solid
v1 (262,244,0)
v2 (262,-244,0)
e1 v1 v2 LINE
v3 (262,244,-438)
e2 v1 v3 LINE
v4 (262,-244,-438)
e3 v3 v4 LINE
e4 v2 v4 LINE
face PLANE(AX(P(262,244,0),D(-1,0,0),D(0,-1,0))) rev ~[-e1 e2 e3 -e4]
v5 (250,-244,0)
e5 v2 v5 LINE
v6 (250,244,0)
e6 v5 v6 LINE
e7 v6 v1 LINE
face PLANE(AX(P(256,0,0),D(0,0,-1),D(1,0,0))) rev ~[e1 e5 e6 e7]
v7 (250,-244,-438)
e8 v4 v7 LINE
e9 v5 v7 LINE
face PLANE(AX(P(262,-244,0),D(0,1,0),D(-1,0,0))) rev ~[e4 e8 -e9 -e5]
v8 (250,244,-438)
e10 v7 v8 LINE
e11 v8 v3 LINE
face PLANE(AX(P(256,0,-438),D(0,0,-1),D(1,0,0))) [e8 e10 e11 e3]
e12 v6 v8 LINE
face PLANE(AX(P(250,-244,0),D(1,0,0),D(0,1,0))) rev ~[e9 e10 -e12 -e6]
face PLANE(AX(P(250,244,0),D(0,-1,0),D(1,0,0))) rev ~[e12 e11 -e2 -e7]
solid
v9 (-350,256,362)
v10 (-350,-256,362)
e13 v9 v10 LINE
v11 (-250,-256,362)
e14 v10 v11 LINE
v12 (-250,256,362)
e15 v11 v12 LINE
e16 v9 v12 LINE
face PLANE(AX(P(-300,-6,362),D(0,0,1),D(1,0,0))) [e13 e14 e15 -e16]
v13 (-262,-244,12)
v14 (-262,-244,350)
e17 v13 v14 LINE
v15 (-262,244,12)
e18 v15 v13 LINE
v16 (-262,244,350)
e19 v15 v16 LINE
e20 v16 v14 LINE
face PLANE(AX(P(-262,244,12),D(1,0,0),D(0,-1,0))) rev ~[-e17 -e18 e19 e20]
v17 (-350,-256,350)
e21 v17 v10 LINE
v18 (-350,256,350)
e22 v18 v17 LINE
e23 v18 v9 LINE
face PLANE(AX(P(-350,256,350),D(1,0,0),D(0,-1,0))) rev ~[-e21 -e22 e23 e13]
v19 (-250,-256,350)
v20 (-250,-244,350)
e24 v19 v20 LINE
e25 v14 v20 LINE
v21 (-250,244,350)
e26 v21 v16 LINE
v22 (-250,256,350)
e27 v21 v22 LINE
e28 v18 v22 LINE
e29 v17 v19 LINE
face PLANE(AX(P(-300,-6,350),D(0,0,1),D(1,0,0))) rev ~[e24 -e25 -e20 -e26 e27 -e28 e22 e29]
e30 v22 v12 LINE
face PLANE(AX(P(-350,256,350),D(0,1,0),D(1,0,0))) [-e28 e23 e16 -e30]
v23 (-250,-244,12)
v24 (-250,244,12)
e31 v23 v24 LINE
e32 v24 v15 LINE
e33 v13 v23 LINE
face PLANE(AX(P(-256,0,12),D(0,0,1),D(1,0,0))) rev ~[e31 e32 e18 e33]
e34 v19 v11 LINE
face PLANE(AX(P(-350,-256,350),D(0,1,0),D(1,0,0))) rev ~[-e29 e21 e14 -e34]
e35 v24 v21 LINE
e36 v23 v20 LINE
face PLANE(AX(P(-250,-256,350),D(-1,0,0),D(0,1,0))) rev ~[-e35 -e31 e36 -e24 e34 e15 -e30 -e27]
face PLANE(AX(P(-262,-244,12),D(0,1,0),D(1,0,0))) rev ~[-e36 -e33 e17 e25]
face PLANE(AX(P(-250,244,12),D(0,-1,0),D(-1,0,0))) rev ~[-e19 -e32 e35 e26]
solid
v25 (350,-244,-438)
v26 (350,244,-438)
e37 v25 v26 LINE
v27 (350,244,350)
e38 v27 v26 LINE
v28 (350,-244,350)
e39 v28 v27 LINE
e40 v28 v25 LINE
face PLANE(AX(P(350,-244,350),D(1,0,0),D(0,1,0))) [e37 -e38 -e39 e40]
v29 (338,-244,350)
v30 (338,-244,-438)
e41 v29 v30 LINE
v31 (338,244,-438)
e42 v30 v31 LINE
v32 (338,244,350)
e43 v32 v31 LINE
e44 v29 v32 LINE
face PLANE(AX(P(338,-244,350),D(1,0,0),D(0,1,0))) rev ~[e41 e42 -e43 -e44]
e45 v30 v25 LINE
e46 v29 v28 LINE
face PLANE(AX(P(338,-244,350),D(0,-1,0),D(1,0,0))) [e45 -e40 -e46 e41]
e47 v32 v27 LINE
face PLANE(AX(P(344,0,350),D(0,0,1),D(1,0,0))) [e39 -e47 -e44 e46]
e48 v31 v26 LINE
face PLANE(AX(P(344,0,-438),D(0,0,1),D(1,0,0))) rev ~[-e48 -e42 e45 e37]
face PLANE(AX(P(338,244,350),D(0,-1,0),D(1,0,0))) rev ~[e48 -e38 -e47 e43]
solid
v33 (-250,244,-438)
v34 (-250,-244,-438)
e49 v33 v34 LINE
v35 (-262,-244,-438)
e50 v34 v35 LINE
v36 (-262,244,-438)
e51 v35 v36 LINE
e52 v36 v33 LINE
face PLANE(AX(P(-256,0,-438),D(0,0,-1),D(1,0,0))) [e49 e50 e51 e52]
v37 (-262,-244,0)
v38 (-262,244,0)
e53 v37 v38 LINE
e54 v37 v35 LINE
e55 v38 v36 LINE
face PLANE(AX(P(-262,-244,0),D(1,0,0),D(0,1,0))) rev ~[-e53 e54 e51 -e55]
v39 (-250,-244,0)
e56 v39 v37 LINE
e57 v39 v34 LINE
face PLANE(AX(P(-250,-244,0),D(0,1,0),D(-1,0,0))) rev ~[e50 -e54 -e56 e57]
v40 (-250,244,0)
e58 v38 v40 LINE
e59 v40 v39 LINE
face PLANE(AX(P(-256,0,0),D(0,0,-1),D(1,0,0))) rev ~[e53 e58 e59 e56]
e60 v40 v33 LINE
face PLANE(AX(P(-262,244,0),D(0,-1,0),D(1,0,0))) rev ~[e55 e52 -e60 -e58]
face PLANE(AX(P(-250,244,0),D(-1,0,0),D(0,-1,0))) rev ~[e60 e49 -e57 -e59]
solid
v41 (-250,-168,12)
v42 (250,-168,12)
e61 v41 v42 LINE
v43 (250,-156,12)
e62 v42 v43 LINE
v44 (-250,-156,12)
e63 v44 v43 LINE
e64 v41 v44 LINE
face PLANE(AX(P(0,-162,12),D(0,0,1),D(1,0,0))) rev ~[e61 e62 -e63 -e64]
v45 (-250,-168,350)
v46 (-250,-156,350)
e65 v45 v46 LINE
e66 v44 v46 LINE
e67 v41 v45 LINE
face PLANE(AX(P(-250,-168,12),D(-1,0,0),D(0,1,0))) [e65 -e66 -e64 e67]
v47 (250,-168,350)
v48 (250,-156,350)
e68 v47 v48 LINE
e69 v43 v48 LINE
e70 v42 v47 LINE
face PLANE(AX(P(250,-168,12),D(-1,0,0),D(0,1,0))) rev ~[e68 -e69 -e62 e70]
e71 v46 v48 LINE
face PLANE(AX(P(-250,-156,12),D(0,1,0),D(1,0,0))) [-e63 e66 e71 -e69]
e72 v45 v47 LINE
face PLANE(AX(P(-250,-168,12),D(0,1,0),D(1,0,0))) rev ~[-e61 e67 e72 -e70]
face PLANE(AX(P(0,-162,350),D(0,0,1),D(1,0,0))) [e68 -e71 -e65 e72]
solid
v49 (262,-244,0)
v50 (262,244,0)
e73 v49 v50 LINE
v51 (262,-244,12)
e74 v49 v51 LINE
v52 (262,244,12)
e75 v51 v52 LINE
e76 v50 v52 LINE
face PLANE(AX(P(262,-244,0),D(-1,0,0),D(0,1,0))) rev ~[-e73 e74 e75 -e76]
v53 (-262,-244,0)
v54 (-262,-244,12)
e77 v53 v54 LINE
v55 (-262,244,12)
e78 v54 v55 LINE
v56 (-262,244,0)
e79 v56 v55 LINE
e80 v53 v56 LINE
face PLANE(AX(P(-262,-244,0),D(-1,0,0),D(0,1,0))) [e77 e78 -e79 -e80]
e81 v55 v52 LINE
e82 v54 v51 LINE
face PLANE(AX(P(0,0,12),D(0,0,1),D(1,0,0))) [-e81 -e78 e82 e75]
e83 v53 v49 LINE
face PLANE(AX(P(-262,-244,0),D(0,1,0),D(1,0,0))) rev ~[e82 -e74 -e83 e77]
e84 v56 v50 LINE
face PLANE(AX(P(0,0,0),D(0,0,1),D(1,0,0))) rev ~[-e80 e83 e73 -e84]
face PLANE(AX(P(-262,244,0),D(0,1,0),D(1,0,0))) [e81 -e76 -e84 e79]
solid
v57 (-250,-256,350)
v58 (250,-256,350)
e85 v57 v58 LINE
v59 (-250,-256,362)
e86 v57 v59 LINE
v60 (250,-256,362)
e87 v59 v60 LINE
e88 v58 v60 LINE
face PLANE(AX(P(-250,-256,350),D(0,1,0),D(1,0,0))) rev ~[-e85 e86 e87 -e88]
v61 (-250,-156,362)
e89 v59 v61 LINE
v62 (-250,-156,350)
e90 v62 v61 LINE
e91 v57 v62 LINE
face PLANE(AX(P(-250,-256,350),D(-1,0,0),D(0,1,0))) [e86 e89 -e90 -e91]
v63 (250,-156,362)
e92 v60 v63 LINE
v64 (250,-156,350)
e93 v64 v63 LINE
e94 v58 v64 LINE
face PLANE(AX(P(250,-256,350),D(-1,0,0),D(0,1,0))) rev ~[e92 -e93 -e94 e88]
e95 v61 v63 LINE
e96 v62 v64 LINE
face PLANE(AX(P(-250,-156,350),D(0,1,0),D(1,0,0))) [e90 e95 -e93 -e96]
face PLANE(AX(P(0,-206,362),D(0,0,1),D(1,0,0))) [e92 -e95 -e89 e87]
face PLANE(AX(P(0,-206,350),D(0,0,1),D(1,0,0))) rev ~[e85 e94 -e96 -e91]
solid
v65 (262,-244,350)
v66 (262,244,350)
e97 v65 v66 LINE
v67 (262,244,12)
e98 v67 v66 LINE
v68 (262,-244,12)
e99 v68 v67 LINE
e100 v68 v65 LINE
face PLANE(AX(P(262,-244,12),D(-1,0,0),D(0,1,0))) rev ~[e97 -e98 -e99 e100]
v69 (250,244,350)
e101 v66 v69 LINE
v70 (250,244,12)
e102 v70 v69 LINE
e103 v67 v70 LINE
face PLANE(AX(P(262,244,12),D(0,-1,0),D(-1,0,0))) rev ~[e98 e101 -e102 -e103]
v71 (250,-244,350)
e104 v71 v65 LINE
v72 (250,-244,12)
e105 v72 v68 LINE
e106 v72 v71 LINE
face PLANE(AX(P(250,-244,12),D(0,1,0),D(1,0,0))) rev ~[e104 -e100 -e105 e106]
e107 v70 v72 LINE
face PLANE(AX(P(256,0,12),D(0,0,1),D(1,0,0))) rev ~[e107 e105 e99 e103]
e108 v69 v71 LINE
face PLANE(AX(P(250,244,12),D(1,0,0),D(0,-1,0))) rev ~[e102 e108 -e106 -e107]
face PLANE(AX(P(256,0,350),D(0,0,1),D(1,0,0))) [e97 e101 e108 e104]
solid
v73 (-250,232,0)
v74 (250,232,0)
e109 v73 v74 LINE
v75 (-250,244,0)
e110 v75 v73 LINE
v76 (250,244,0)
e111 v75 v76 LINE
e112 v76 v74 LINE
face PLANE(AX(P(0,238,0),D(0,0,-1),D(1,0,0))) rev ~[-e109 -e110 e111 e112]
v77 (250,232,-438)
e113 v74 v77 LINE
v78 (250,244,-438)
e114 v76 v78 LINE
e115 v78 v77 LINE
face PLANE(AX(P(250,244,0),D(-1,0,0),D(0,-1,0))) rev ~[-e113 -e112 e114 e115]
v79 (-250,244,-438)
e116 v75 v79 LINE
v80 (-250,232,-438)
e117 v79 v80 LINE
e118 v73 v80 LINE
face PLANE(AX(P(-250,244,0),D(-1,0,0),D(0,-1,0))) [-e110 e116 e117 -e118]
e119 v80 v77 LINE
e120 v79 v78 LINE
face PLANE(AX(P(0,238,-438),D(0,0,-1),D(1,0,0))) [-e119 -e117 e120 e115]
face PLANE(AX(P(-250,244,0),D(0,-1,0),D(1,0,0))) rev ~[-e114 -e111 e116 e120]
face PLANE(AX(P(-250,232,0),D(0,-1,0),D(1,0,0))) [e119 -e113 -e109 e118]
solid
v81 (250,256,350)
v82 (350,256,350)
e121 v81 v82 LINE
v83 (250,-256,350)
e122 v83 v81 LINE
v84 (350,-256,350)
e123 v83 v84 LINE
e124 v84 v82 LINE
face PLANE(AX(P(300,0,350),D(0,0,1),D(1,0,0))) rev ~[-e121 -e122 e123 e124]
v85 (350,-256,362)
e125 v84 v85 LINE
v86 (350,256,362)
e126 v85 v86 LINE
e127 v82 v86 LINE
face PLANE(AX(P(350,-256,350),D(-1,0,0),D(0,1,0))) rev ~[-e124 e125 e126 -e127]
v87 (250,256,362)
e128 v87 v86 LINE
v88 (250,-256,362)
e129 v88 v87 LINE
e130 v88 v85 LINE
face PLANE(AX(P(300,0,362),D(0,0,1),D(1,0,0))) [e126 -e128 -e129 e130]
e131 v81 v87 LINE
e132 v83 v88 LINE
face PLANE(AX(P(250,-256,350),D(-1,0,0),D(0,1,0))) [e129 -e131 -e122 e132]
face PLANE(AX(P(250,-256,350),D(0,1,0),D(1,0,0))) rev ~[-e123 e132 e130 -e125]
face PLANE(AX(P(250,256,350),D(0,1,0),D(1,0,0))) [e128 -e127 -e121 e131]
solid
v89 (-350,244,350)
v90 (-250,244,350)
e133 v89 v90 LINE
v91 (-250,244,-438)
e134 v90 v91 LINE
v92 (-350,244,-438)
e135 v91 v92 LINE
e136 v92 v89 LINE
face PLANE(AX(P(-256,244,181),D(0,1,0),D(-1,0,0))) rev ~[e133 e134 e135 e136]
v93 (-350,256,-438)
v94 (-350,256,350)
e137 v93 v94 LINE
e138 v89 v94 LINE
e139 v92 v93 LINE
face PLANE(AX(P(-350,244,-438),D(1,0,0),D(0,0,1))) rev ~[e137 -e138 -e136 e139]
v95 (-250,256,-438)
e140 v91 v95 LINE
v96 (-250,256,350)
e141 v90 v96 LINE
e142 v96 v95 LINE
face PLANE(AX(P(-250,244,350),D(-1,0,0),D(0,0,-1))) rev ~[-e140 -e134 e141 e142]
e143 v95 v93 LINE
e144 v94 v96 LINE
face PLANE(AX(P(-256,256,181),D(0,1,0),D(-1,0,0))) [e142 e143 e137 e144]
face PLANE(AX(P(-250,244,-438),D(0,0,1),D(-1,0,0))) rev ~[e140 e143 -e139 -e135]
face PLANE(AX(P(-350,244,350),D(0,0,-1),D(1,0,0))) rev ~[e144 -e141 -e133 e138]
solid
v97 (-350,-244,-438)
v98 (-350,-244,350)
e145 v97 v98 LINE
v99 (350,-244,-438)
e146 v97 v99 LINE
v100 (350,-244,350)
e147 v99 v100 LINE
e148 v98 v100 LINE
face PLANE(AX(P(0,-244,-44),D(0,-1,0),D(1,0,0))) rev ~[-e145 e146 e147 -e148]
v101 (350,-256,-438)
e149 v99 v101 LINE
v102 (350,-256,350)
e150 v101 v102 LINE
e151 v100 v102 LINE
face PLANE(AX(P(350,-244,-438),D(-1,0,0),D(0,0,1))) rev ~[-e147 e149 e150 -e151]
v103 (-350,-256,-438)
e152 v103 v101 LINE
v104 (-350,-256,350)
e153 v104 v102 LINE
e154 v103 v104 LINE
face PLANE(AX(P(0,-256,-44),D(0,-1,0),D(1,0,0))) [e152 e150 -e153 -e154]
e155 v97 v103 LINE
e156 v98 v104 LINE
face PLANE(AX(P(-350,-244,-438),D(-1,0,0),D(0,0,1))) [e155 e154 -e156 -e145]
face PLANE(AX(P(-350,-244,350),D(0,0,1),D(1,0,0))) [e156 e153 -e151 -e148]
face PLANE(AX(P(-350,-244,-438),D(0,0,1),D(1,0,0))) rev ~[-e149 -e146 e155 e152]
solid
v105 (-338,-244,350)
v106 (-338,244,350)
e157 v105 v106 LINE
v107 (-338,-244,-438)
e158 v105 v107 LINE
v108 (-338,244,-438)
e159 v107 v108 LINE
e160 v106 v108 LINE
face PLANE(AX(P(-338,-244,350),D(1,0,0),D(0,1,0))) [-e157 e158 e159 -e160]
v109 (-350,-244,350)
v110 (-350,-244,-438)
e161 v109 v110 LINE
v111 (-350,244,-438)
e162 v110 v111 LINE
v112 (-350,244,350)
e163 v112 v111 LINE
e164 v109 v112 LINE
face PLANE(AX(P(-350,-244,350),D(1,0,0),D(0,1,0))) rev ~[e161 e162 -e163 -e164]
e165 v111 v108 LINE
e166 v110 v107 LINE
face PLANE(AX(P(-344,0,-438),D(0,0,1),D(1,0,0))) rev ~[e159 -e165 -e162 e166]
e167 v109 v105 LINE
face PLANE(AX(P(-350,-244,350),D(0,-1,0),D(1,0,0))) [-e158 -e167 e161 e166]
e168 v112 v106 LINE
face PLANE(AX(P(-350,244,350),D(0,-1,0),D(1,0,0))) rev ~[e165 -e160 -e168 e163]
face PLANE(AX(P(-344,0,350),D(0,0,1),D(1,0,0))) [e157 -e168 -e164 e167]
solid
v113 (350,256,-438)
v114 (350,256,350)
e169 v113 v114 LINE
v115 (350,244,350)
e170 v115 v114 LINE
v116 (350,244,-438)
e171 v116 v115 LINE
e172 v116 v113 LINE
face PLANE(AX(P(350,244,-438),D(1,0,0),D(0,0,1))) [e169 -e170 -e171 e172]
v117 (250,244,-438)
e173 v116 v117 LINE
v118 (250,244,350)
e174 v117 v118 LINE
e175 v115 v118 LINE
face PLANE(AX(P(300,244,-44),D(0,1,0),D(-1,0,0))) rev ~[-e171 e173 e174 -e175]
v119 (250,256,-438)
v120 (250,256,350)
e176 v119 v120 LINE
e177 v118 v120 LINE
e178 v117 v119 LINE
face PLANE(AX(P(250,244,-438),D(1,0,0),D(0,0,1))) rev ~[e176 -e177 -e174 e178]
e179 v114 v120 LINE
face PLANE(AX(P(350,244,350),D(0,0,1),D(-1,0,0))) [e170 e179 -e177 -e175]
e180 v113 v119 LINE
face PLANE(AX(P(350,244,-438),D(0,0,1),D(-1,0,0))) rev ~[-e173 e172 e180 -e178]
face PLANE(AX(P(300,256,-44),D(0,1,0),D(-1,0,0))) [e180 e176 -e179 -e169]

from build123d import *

# Parameters (mm, degrees)
F0_W      = 524
F0_H      = 488
F1_DEPTH  = 12
F2_W      = 500
F2_H      = 12
F3_DEPTH  = 438
F4_DEPTH  = 438
F5_DEPTH  = 438
F7_DEPTH  = 338
F8_DEPTH  = 338
F6_W      = 500
F6_H      = 12
F9_DEPTH  = 338
F10_W     = 100
F10_H     = 788
F11_DEPTH = 12
F10_W_2   = 12
F10_H_2   = 338
F12_DEPTH = 12
F13_W     = 100
F13_H     = 512
F14_DEPTH = 12
F13_H_2   = 500
F13_H_3   = 12
F15_DEPTH = 12
F16_W     = 12
F16_H     = 488
F17_DEPTH = 788
F18_W     = 700
F18_H     = 788
F19_DEPTH = 12
F20_W     = 500
F20_H     = 100
F21_DEPTH = 12


with BuildPart() as f1:
    # F0 (on Top) → F1 (new body)
    with BuildSketch(Plane.XY):
        Rectangle(F0_W, F0_H)
    extrude(amount=F1_DEPTH)


with BuildPart() as f3:
    # F2 (on face) → F3 (new body)
    with BuildSketch(Plane(origin=(0, 0, 0), x_dir=(1, 0, 0), z_dir=(0, 0, -1))):
        with Locations((0, -238)):
            Rectangle(F2_W, F2_H)
    extrude(amount=F3_DEPTH)


with BuildPart() as f4:
    # F2 (on face) → F4 (new body)
    with BuildSketch(Plane(origin=(0, 0, 0), x_dir=(1, 0, 0), z_dir=(0, 0, -1))):
        Polygon((-250, 244), (-262, 244), (-262, -244), (-250, -244), (-250, -232), align=None)
    extrude(amount=F4_DEPTH)


with BuildPart() as f5:
    # F2 (on face) → F5 (new body)
    with BuildSketch(Plane(origin=(0, 0, 0), x_dir=(1, 0, 0), z_dir=(0, 0, -1))):
        Polygon((262, 244), (250, 244), (250, -232), (250, -244), (262, -244), align=None)
    extrude(amount=F5_DEPTH)


with BuildPart() as f7:
    # F6 (on face) → F7 (new body)
    with BuildSketch(Plane.XY.offset(12)):
        Polygon((262, -244), (262, 244), (250, 244), (250, -156), (250, -168), (250, -244), align=None)
    extrude(amount=F7_DEPTH)


with BuildPart() as f8:
    # F6 (on face) → F8 (new body)
    with BuildSketch(Plane.XY.offset(12)):
        Polygon((-250, -156), (-250, 244), (-262, 244), (-262, -244), (-250, -244), (-250, -168), align=None)
    extrude(amount=F8_DEPTH)

    # F13 (on face) → F15 (join)
    with BuildSketch(Plane.XY.offset(350)):
        with Locations((-300, -6)):
            Rectangle(F13_W, F13_H_2)
        with Locations((-300, 250)):
            Rectangle(F13_W, F13_H_3)
    extrude(amount=F15_DEPTH)


with BuildPart() as f9:
    # F6 (on face) → F9 (new body)
    with BuildSketch(Plane.XY.offset(12)):
        with Locations((0, -162)):
            Rectangle(F6_W, F6_H)
    extrude(amount=F9_DEPTH)


with BuildPart() as f11:
    # F10 (on face) → F11 (new body)
    with BuildSketch(Plane(origin=(0, 244, 0), x_dir=(-1, 0, 0), z_dir=(0, 1, 0))):
        with Locations((-300, -44)):
            Rectangle(F10_W, F10_H)
    extrude(amount=F11_DEPTH)


with BuildPart() as f12:
    # F10 (on face) → F12 (new body)
    with BuildSketch(Plane(origin=(0, 244, 0), x_dir=(-1, 0, 0), z_dir=(0, 1, 0))):
        with Locations((256, 181)):
            Rectangle(F10_W_2, F10_H_2)
        Polygon((350, 350), (262, 350), (262, 12), (250, 12), (250, -438), (350, -438), align=None)
    extrude(amount=F12_DEPTH)


with BuildPart() as f14:
    # F13 (on face) → F14 (new body)
    with BuildSketch(Plane.XY.offset(350)):
        with Locations((300, 0)):
            Rectangle(F13_W, F13_H)
    extrude(amount=F14_DEPTH)


with BuildPart() as f17:
    # F16 (on face) → F17 (new body)
    with BuildSketch(Plane.XY.offset(350)):
        with Locations((-344, 0)):
            Rectangle(F16_W, F16_H)
    extrude(amount=-F17_DEPTH)


with BuildPart() as f17b:
    # F16 (on face) → F17, piece 2 (new body)
    with BuildSketch(Plane.XY.offset(350)):
        with Locations((344, 0)):
            Rectangle(F16_W, F16_H)
    extrude(amount=-F17_DEPTH)


with BuildPart() as f19:
    # F18 (on face) → F19 (new body)
    with BuildSketch(Plane.XZ.offset(244)):
        with Locations((0, -44)):
            Rectangle(F18_W, F18_H)
    extrude(amount=F19_DEPTH)


with BuildPart() as f21:
    # F20 (on face) → F21 (new body)
    with BuildSketch(Plane.XY.offset(350)):
        with Locations((0, -206)):
            Rectangle(F20_W, F20_H)
    extrude(amount=F21_DEPTH)


solid = Compound([f1.part, f3.part, f4.part, f5.part, f7.part, f8.part, f9.part, f11.part, f12.part, f14.part, f17.part, f17b.part, f19.part, f21.part])
